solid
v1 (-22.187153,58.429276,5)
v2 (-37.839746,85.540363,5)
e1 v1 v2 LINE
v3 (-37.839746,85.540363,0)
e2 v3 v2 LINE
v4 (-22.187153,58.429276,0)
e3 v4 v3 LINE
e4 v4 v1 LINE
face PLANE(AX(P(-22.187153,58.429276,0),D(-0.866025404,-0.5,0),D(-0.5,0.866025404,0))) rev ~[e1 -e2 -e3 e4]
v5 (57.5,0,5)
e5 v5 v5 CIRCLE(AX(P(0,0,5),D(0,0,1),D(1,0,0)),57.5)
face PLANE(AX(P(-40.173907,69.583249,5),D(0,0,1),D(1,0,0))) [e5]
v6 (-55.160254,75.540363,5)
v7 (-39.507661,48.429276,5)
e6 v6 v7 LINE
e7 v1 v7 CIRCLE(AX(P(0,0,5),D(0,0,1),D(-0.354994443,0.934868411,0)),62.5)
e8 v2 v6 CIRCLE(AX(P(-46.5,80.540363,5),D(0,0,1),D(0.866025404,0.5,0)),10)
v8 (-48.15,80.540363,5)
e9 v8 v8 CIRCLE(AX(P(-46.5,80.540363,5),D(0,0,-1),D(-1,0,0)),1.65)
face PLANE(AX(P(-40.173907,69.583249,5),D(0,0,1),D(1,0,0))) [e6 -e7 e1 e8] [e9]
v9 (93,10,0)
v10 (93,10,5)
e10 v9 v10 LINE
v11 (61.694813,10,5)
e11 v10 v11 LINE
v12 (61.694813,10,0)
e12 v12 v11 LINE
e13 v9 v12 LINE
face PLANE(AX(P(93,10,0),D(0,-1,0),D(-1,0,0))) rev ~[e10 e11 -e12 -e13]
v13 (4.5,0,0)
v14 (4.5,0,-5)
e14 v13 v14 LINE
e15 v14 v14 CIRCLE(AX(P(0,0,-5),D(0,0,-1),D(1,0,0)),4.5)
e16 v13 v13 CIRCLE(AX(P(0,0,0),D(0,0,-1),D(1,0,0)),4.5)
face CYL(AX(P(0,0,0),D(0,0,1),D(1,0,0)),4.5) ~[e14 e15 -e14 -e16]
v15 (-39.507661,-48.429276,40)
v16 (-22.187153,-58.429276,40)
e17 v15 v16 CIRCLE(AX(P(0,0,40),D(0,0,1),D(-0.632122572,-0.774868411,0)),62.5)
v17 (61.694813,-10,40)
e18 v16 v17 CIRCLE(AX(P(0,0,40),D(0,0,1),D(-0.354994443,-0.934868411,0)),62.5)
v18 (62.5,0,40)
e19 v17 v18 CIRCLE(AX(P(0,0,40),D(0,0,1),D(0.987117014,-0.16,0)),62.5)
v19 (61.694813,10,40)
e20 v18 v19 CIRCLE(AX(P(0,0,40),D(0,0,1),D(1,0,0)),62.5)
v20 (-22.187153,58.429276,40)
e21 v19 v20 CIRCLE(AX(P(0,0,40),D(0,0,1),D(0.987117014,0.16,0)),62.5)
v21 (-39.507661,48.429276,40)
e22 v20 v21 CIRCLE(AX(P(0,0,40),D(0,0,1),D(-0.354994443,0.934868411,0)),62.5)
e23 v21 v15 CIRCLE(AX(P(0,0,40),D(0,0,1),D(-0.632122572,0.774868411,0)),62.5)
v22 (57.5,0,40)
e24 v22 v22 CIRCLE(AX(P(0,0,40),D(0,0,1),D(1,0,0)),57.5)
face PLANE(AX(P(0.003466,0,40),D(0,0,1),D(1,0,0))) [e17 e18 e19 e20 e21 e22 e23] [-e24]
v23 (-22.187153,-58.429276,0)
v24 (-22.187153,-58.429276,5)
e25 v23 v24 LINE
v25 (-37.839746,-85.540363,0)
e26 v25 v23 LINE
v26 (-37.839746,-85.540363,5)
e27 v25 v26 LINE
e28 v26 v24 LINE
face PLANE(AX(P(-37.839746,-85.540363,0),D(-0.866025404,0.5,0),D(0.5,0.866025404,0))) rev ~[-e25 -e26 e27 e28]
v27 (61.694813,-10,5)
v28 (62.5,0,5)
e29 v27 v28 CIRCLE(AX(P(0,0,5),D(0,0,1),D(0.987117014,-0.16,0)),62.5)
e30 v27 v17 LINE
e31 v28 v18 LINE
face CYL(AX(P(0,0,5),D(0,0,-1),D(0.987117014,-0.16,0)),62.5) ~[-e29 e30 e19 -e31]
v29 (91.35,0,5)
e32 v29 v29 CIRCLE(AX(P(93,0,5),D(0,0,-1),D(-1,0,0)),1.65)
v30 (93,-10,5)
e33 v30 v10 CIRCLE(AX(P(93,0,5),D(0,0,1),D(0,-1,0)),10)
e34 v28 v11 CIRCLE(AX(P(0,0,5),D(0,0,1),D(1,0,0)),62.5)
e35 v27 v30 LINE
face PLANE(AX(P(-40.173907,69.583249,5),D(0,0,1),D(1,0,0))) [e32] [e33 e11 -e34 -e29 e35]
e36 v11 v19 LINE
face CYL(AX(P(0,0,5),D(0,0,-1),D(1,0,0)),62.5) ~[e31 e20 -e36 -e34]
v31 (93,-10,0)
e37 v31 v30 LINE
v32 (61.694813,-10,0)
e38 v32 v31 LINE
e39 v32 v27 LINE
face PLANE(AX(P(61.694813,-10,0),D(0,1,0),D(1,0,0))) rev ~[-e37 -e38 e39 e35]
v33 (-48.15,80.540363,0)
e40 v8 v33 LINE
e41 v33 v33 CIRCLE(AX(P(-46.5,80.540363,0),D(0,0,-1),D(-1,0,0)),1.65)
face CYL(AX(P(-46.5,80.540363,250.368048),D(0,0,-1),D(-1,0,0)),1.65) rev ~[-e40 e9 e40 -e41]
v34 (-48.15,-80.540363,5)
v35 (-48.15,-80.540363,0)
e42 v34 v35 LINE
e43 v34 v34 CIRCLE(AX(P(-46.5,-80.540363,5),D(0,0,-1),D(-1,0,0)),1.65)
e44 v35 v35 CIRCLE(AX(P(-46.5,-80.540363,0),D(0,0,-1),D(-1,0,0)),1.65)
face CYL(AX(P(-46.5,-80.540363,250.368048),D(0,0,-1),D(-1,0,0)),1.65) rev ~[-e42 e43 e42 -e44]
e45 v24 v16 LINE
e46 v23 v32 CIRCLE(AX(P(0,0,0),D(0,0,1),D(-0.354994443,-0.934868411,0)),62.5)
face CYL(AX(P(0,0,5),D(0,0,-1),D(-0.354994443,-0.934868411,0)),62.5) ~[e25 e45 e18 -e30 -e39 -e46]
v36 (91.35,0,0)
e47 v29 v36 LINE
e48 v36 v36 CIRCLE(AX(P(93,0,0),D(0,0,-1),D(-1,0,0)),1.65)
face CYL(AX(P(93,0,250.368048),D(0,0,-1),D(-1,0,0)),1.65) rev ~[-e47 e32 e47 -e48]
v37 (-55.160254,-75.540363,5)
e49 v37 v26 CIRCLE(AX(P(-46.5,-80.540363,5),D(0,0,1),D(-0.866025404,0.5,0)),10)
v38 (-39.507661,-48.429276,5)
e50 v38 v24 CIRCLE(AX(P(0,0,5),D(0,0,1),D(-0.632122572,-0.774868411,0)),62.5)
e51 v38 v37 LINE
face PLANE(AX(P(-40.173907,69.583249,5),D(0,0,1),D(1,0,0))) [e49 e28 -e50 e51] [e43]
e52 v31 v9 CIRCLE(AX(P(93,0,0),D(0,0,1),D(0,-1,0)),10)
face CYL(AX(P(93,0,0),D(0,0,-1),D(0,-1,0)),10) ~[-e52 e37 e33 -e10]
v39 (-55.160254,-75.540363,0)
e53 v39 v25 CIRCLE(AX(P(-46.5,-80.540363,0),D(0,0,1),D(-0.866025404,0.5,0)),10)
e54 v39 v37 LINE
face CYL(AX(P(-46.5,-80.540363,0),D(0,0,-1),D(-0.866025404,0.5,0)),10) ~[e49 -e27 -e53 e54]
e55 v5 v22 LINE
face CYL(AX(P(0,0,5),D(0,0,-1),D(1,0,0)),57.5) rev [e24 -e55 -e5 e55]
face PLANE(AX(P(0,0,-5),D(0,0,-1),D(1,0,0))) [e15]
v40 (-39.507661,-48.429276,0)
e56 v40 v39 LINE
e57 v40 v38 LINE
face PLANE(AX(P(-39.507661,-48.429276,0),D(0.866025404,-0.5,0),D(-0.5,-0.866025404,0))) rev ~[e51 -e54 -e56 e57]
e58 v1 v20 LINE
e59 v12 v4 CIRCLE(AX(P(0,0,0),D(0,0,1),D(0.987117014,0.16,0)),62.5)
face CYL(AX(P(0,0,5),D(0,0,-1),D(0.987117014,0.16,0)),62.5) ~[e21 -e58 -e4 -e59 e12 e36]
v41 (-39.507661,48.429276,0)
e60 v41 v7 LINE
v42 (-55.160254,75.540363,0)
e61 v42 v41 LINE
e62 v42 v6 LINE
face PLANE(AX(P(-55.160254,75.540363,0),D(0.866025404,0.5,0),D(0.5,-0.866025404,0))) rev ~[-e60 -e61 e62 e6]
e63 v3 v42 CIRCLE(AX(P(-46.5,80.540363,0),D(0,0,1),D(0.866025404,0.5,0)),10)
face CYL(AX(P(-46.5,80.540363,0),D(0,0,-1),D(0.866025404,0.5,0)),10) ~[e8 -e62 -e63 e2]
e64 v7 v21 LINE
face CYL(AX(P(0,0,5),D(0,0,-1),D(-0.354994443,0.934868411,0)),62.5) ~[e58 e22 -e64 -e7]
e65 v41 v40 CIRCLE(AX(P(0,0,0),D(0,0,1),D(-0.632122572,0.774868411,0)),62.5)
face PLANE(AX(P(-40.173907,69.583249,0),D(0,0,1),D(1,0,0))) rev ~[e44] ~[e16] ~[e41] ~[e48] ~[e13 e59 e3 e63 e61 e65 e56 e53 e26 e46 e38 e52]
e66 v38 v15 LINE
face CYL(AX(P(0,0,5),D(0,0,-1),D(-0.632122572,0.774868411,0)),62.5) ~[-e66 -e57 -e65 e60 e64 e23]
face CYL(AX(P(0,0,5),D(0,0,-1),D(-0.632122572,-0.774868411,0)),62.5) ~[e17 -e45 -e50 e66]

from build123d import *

# Parameters (mm, degrees)
F3_DEPTH = 5
F5_D     = 3.3
F6_R     = 4.5
F7_DEPTH = 5
F8_R     = 57.5
F9_DEPTH = 35


with BuildPart() as f3:
    # F2 (on Top) → F3 (new body)
    with BuildSketch(Plane.XY):
        with BuildLine():
            ThreePointArc((-39.507660736, 48.4292756829), (-31.25, 54.1265877365), (-22.1871526603, 58.4292756829))
            Line((-22.1871526603, 58.4292756829), (-37.8397459622, 85.540362552))
            ThreePointArc((-37.8397459622, 85.540362552), (-51.5, 89.2006165898), (-55.1602540378, 75.540362552))
            Line((-55.1602540378, 75.540362552), (-39.507660736, 48.4292756829))
        make_face()
        with BuildLine():
            ThreePointArc((61.6948133963, -10), (62.2983781381, -5.0161819511), (62.5, 0))
            ThreePointArc((62.5, 0), (62.2983781381, 5.0161819511), (61.6948133963, 10))
            ThreePointArc((61.6948133963, 10), (31.25, 54.1265877365), (-22.1871526603, 58.4292756829))
            ThreePointArc((-22.1871526603, 58.4292756829), (-31.25, 54.1265877365), (-39.507660736, 48.4292756829))
            ThreePointArc((-39.507660736, 48.4292756829), (-62.5, 0), (-39.507660736, -48.4292756829))
            ThreePointArc((-39.507660736, -48.4292756829), (-31.25, -54.1265877365), (-22.1871526603, -58.4292756829))
            ThreePointArc((-22.1871526603, -58.4292756829), (31.25, -54.1265877365), (61.6948133963, -10))
        make_face()
        with BuildLine():
            ThreePointArc((61.6948133963, 10), (62.2983781381, 5.0161819511), (62.5, 0))
            ThreePointArc((62.5, 0), (62.2983781381, -5.0161819511), (61.6948133963, -10))
            Line((61.6948133963, -10), (93, -10))
            ThreePointArc((93, -10), (103, 0), (93, 10))
            Line((93, 10), (61.6948133963, 10))
        make_face()
        with BuildLine():
            Line((-37.8397459622, -85.540362552), (-22.1871526603, -58.4292756829))
            ThreePointArc((-22.1871526603, -58.4292756829), (-31.25, -54.1265877365), (-39.507660736, -48.4292756829))
            Line((-39.507660736, -48.4292756829), (-55.1602540378, -75.540362552))
            ThreePointArc((-55.1602540378, -75.540362552), (-51.5, -89.2006165898), (-37.8397459622, -85.540362552))
        make_face()
    extrude(amount=F3_DEPTH)

    # F5 (through all)
    with Locations(Plane.XY.offset(5)):
        with Locations((-46.5, 80.540362552), (93, 0), (-46.5, -80.540362552)):
            Hole(F5_D / 2)

    # F6 (on face) → F7 (join)
    with BuildSketch(Plane(origin=(0, 0, 0), x_dir=(1, 0, 0), z_dir=(0, 0, -1))):
        Circle(F6_R)
    extrude(amount=F7_DEPTH)

    # F8 (on face) → F9 (join)
    with BuildSketch(Plane.XY.offset(5)):
        with BuildLine():
            ThreePointArc((61.6948133963, -10), (62.2983781381, -5.0161819511), (62.5, 0))
            ThreePointArc((62.5, 0), (62.2983781381, 5.0161819511), (61.6948133963, 10))
            ThreePointArc((61.6948133963, 10), (31.25, 54.1265877365), (-22.1871526603, 58.4292756829))
            ThreePointArc((-22.1871526603, 58.4292756829), (-31.25, 54.1265877365), (-39.507660736, 48.4292756829))
            ThreePointArc((-39.507660736, 48.4292756829), (-62.5, 0), (-39.507660736, -48.4292756829))
            ThreePointArc((-39.507660736, -48.4292756829), (-31.25, -54.1265877365), (-22.1871526603, -58.4292756829))
            ThreePointArc((-22.1871526603, -58.4292756829), (31.25, -54.1265877365), (61.6948133963, -10))
        make_face()
        Circle(F8_R, mode=Mode.SUBTRACT)
    extrude(amount=F9_DEPTH)


solid = f3.part
